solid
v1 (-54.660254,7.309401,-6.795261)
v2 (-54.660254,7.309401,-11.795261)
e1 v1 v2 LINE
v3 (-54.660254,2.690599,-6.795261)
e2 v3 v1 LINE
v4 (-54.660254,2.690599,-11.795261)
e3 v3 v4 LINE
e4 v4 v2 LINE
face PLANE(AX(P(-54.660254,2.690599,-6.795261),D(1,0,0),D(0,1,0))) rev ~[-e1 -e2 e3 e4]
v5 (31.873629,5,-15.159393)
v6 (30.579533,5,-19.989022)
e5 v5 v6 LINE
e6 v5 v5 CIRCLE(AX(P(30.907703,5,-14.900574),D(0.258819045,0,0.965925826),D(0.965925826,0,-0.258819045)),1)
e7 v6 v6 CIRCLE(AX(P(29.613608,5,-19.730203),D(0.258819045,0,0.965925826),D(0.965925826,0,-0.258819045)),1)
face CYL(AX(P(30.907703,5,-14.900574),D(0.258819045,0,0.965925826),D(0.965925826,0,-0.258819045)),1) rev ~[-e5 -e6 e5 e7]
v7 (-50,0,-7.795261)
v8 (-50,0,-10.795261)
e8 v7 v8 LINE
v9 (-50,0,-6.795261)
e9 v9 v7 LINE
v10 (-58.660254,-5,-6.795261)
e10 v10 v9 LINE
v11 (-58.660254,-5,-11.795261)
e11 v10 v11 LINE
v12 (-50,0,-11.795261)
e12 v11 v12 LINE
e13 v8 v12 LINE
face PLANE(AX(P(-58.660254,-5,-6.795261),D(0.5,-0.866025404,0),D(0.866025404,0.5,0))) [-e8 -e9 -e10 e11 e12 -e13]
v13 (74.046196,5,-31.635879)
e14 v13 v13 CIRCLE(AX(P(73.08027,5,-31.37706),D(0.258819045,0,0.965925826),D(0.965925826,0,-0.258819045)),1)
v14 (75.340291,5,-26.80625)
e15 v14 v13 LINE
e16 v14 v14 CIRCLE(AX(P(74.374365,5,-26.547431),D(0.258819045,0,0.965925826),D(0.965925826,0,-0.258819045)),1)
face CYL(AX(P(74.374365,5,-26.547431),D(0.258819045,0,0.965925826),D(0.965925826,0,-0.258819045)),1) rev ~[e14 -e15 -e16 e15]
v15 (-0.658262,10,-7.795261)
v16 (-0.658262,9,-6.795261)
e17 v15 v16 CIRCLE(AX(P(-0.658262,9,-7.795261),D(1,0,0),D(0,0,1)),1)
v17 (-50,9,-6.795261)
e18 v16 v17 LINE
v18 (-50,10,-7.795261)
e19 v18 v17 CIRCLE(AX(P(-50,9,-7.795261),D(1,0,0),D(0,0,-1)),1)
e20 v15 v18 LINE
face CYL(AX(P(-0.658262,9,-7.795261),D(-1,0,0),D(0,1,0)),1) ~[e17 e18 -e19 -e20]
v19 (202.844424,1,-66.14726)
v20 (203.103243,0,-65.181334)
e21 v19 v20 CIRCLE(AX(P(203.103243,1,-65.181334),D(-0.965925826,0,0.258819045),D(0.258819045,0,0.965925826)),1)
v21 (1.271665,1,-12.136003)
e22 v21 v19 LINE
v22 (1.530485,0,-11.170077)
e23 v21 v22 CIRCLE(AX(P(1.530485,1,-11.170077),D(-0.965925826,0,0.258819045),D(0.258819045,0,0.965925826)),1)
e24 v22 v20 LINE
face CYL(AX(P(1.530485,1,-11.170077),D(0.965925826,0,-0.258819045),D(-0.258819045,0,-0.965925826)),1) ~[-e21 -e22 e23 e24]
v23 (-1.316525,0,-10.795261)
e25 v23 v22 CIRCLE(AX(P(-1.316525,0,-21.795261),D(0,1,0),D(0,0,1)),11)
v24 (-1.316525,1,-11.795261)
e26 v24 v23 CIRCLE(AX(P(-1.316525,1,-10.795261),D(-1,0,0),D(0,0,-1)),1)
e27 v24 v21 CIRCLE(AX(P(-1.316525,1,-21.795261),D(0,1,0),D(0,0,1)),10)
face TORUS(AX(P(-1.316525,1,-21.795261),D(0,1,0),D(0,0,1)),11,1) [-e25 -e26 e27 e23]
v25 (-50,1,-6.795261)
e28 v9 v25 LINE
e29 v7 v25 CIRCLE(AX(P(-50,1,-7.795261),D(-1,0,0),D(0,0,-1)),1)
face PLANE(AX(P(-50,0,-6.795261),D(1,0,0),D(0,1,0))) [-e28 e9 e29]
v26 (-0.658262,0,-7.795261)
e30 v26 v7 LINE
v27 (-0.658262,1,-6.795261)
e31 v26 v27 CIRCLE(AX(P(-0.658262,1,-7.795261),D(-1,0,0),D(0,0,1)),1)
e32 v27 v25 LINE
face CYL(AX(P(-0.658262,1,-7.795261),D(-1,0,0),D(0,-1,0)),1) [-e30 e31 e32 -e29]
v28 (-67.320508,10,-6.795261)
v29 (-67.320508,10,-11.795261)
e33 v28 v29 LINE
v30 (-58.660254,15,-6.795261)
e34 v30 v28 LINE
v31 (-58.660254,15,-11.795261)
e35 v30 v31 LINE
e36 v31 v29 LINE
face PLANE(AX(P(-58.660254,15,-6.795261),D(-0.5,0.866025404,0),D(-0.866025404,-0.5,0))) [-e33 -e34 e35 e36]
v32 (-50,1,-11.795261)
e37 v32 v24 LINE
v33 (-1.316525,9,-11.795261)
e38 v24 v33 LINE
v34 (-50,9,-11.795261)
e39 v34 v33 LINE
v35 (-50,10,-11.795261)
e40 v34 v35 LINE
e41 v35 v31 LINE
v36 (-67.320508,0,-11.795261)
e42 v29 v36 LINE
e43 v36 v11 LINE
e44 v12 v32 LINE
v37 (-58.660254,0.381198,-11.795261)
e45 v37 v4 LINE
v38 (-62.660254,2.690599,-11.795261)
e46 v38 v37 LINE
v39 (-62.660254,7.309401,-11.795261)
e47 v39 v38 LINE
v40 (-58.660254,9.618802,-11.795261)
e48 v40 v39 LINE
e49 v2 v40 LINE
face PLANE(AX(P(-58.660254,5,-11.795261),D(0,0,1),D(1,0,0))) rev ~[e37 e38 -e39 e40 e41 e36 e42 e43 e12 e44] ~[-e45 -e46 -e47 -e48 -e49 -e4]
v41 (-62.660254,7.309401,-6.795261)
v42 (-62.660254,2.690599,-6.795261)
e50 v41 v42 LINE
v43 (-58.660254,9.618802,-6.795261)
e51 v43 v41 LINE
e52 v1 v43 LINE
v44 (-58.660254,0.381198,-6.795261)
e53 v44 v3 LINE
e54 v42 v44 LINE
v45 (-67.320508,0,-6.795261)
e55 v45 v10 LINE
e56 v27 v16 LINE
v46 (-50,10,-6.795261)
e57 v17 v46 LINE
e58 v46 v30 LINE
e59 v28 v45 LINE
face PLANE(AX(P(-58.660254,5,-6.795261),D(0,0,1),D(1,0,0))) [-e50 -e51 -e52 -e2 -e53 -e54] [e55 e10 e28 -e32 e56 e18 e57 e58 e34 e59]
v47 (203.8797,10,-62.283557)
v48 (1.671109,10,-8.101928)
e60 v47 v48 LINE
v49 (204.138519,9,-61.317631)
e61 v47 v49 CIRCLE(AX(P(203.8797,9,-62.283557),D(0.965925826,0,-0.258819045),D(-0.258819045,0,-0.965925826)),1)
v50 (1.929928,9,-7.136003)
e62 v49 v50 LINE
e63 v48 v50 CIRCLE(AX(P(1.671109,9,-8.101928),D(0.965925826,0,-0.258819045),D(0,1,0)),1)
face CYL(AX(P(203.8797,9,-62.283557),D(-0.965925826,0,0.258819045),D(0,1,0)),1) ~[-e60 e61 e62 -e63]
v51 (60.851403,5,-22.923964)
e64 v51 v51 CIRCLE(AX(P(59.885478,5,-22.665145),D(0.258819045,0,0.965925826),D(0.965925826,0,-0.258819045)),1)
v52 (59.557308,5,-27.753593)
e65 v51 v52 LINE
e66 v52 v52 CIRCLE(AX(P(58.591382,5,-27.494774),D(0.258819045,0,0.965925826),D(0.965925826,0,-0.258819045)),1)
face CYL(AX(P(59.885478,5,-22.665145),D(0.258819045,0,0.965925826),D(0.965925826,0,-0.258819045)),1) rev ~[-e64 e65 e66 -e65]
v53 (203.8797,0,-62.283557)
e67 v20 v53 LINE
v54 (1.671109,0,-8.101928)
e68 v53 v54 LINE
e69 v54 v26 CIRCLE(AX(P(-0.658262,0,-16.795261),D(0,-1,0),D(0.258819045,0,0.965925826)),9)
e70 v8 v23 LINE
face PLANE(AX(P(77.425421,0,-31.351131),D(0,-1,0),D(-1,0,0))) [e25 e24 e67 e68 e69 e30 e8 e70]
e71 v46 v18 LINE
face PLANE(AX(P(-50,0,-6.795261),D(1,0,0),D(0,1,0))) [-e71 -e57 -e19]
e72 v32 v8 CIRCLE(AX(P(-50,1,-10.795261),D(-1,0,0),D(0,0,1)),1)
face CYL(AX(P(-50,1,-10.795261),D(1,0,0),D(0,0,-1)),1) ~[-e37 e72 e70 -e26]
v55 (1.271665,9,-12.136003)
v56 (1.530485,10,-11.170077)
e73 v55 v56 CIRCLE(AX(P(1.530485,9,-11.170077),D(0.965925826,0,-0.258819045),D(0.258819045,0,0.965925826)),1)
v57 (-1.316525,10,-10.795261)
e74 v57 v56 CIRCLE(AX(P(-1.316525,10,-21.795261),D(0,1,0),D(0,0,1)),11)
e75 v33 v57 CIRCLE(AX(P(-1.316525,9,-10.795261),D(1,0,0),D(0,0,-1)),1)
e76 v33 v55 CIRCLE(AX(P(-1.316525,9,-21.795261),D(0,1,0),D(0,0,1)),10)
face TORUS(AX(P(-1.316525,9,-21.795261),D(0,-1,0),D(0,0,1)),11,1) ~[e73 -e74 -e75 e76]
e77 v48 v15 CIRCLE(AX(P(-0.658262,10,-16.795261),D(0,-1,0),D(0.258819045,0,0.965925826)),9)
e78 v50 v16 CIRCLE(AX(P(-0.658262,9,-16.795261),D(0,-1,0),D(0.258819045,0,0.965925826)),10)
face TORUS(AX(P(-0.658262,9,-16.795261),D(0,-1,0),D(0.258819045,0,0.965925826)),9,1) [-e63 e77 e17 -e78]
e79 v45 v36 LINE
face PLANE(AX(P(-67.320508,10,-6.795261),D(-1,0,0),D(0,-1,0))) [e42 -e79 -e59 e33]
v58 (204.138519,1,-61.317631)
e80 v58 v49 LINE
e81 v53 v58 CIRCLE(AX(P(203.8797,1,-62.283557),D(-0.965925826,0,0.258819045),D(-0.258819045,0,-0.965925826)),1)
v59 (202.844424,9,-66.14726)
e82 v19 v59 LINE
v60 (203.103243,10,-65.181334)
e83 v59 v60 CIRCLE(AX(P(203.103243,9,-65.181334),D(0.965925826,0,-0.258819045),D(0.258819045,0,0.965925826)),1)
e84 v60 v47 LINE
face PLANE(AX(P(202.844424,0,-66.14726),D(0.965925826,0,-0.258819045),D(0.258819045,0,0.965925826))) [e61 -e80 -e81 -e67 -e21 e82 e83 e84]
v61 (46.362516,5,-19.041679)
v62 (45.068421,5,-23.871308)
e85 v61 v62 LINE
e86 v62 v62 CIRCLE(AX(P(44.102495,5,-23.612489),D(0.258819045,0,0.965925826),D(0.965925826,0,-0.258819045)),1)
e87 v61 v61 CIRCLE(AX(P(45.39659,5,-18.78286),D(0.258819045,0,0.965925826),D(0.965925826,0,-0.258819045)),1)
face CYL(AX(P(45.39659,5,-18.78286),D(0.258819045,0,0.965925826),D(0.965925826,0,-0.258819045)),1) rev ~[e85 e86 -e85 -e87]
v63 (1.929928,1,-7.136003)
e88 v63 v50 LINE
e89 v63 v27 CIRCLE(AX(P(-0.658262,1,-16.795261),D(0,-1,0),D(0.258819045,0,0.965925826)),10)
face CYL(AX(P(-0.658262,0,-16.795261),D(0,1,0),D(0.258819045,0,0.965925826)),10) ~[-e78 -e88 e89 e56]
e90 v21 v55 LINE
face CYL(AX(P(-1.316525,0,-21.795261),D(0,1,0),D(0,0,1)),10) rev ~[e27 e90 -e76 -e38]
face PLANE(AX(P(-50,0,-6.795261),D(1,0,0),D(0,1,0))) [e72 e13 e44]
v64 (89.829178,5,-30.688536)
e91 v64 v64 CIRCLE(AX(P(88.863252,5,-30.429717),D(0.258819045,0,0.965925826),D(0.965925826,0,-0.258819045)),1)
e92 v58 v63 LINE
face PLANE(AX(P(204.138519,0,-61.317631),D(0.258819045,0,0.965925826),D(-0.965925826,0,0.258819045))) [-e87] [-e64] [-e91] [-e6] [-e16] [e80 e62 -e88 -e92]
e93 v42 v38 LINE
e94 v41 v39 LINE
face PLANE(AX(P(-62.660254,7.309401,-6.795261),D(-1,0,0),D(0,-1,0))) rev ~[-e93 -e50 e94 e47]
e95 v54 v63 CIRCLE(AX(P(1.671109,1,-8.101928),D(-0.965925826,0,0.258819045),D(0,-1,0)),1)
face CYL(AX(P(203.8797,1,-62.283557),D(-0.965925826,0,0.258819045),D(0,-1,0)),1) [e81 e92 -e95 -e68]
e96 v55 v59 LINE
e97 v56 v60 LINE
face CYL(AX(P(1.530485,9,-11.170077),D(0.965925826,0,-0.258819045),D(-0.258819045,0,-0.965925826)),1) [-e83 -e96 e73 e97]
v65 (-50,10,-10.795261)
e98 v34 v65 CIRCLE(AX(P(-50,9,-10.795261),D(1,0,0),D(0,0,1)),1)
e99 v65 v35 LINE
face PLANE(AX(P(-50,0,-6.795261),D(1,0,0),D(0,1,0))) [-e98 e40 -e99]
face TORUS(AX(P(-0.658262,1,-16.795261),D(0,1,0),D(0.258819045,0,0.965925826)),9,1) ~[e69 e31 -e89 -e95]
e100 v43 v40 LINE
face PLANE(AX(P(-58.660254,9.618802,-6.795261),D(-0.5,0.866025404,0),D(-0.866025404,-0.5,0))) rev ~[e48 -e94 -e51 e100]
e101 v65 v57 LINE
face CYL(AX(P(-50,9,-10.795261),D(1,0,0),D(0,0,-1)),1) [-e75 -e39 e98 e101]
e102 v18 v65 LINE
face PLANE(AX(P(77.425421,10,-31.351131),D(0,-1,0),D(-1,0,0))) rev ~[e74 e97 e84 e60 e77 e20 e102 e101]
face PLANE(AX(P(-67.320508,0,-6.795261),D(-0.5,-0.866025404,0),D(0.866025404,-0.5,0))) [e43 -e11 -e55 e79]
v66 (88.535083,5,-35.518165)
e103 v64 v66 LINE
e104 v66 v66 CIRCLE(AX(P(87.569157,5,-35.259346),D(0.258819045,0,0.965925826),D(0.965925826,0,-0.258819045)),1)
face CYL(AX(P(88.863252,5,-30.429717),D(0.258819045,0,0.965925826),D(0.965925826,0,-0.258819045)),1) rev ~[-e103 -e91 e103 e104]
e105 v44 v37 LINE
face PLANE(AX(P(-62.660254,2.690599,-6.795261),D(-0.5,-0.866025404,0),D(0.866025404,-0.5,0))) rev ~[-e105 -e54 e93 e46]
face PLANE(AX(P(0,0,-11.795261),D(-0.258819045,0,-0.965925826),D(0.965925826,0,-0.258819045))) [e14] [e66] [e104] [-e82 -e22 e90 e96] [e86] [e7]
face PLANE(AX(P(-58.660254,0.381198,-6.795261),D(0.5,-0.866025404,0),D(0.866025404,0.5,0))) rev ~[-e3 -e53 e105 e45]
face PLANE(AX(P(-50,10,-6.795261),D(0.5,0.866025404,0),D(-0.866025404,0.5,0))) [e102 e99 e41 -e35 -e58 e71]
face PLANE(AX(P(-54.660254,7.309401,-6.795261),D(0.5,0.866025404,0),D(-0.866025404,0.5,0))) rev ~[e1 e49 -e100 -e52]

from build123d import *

# Parameters (mm, degrees)
BOSS_EXTRUDE1_DEPTH = 10
FILLET1_R           = 10
FILLET2_R           = 1
BOSS_EXTRUDE2_DEPTH = 5
CUT_EXTRUDE1_REACH  = 216.878
SKETCH3_R           = 1


with BuildPart() as part:
    # Sketch1 → Boss-Extrude1 (new body)
    with BuildSketch(Plane(origin=(0, 0, 0), x_dir=(1, 0, 0), z_dir=(0, 1, 0))):
        Polygon((-50, 11.795260846), (0, 11.795260846), (202.844423521, 66.147260317), (204.138518746, 61.317631186), (0.658262488, 6.795260846), (-50, 6.795260846), align=None)
    extrude(amount=BOSS_EXTRUDE1_DEPTH)

    # Fillet1
    fillet1_edges = [part.edges().sort_by_distance(p)[0] for p in [
        (0, 5, -11.795260846),
        (0.658262488, 5, -6.795260846),
    ]]
    fillet(fillet1_edges, radius=FILLET1_R)

    # Fillet2
    fillet2_edges = [part.edges().sort_by_distance(p)[0] for p in [
        (-25.658262488, 0, -11.795260846),
        (-25.658262488, 10, -11.795260846),
        (102.058044498, 10, -39.14163145),
        (103.034223355, 0, -34.226816884),
        (103.034223355, 10, -34.226816884),
        (0.646999434, 0, -6.880812232),
        (0.646999434, 10, -6.880812232),
        (-0.011263054, 0, -11.880812232),
        (-0.011263054, 10, -11.880812232),
        (102.058044498, 0, -39.14163145),
        (-25.329131244, 0, -6.795260846),
        (-25.329131244, 10, -6.795260846),
    ]]
    fillet(fillet2_edges, radius=FILLET2_R)

    # Sketch2 → Boss-Extrude2 (add)
    with BuildSketch(Plane.XY.offset(-6.795260846)):
        Polygon((-67.320508076, 0), (-58.660254038, -5), (-50, 0), (-50, 10), (-58.660254038, 15), (-67.320508076, 10), align=None)
        Polygon((-54.660254038, 2.690598923), (-54.660254038, 7.309401077), (-58.660254038, 9.618802154), (-62.660254038, 7.309401077), (-62.660254038, 2.690598923), (-58.660254038, 0.381197846), align=None, mode=Mode.SUBTRACT)
    extrude(amount=-BOSS_EXTRUDE2_DEPTH)

    # Sketch3 → Cut-Extrude1 (cut, up to next)
    with BuildSketch(Plane(origin=(-1.654719986, 0, -6.17549906), x_dir=(0.9659258262890681, 0, -0.2588190451025216), z_dir=(0.2588190451025216, 0, 0.9659258262890681)), mode=Mode.PRIVATE) as cut_extrude1_sk1:
        with Locations((33.711100637, 5)):
            Circle(SKETCH3_R)
    cut_extrude1_tool1 = extrude(cut_extrude1_sk1.sketch, amount=-CUT_EXTRUDE1_REACH, mode=Mode.PRIVATE) & part.part
    # Sketch3 → Cut-Extrude1 (cut, up to next)
    with BuildSketch(Plane(origin=(-1.654719986, 0, -6.17549906), x_dir=(0.9659258262890681, 0, -0.2588190451025216), z_dir=(0.2588190451025216, 0, 0.9659258262890681)), mode=Mode.PRIVATE) as cut_extrude1_sk2:
        with Locations((48.711100637, 5)):
            Circle(SKETCH3_R)
    cut_extrude1_tool2 = extrude(cut_extrude1_sk2.sketch, amount=-CUT_EXTRUDE1_REACH, mode=Mode.PRIVATE) & part.part
    # Sketch3 → Cut-Extrude1 (cut, up to next)
    with BuildSketch(Plane(origin=(-1.654719986, 0, -6.17549906), x_dir=(0.9659258262890681, 0, -0.2588190451025216), z_dir=(0.2588190451025216, 0, 0.9659258262890681)), mode=Mode.PRIVATE) as cut_extrude1_sk3:
        with Locations((63.711100637, 5)):
            Circle(SKETCH3_R)
    cut_extrude1_tool3 = extrude(cut_extrude1_sk3.sketch, amount=-CUT_EXTRUDE1_REACH, mode=Mode.PRIVATE) & part.part
    # Sketch3 → Cut-Extrude1 (cut, up to next)
    with BuildSketch(Plane(origin=(-1.654719986, 0, -6.17549906), x_dir=(0.9659258262890681, 0, -0.2588190451025216), z_dir=(0.2588190451025216, 0, 0.9659258262890681)), mode=Mode.PRIVATE) as cut_extrude1_sk4:
        with Locations((78.711100637, 5)):
            Circle(SKETCH3_R)
    cut_extrude1_tool4 = extrude(cut_extrude1_sk4.sketch, amount=-CUT_EXTRUDE1_REACH, mode=Mode.PRIVATE) & part.part
    # Sketch3 → Cut-Extrude1 (cut, up to next)
    with BuildSketch(Plane(origin=(-1.654719986, 0, -6.17549906), x_dir=(0.9659258262890681, 0, -0.2588190451025216), z_dir=(0.2588190451025216, 0, 0.9659258262890681)), mode=Mode.PRIVATE) as cut_extrude1_sk5:
        with Locations((93.711100637, 5)):
            Circle(SKETCH3_R)
    cut_extrude1_tool5 = extrude(cut_extrude1_sk5.sketch, amount=-CUT_EXTRUDE1_REACH, mode=Mode.PRIVATE) & part.part
    add(cut_extrude1_tool1.solids().sort_by_distance((30.907703, 5, -14.900574))[0], mode=Mode.SUBTRACT)
    add(cut_extrude1_tool2.solids().sort_by_distance((45.39659, 5, -18.78286))[0], mode=Mode.SUBTRACT)
    add(cut_extrude1_tool3.solids().sort_by_distance((59.885478, 5, -22.665145))[0], mode=Mode.SUBTRACT)
    add(cut_extrude1_tool4.solids().sort_by_distance((74.374365, 5, -26.547431))[0], mode=Mode.SUBTRACT)
    add(cut_extrude1_tool5.solids().sort_by_distance((88.863252, 5, -30.429717))[0], mode=Mode.SUBTRACT)


solid = part.part
